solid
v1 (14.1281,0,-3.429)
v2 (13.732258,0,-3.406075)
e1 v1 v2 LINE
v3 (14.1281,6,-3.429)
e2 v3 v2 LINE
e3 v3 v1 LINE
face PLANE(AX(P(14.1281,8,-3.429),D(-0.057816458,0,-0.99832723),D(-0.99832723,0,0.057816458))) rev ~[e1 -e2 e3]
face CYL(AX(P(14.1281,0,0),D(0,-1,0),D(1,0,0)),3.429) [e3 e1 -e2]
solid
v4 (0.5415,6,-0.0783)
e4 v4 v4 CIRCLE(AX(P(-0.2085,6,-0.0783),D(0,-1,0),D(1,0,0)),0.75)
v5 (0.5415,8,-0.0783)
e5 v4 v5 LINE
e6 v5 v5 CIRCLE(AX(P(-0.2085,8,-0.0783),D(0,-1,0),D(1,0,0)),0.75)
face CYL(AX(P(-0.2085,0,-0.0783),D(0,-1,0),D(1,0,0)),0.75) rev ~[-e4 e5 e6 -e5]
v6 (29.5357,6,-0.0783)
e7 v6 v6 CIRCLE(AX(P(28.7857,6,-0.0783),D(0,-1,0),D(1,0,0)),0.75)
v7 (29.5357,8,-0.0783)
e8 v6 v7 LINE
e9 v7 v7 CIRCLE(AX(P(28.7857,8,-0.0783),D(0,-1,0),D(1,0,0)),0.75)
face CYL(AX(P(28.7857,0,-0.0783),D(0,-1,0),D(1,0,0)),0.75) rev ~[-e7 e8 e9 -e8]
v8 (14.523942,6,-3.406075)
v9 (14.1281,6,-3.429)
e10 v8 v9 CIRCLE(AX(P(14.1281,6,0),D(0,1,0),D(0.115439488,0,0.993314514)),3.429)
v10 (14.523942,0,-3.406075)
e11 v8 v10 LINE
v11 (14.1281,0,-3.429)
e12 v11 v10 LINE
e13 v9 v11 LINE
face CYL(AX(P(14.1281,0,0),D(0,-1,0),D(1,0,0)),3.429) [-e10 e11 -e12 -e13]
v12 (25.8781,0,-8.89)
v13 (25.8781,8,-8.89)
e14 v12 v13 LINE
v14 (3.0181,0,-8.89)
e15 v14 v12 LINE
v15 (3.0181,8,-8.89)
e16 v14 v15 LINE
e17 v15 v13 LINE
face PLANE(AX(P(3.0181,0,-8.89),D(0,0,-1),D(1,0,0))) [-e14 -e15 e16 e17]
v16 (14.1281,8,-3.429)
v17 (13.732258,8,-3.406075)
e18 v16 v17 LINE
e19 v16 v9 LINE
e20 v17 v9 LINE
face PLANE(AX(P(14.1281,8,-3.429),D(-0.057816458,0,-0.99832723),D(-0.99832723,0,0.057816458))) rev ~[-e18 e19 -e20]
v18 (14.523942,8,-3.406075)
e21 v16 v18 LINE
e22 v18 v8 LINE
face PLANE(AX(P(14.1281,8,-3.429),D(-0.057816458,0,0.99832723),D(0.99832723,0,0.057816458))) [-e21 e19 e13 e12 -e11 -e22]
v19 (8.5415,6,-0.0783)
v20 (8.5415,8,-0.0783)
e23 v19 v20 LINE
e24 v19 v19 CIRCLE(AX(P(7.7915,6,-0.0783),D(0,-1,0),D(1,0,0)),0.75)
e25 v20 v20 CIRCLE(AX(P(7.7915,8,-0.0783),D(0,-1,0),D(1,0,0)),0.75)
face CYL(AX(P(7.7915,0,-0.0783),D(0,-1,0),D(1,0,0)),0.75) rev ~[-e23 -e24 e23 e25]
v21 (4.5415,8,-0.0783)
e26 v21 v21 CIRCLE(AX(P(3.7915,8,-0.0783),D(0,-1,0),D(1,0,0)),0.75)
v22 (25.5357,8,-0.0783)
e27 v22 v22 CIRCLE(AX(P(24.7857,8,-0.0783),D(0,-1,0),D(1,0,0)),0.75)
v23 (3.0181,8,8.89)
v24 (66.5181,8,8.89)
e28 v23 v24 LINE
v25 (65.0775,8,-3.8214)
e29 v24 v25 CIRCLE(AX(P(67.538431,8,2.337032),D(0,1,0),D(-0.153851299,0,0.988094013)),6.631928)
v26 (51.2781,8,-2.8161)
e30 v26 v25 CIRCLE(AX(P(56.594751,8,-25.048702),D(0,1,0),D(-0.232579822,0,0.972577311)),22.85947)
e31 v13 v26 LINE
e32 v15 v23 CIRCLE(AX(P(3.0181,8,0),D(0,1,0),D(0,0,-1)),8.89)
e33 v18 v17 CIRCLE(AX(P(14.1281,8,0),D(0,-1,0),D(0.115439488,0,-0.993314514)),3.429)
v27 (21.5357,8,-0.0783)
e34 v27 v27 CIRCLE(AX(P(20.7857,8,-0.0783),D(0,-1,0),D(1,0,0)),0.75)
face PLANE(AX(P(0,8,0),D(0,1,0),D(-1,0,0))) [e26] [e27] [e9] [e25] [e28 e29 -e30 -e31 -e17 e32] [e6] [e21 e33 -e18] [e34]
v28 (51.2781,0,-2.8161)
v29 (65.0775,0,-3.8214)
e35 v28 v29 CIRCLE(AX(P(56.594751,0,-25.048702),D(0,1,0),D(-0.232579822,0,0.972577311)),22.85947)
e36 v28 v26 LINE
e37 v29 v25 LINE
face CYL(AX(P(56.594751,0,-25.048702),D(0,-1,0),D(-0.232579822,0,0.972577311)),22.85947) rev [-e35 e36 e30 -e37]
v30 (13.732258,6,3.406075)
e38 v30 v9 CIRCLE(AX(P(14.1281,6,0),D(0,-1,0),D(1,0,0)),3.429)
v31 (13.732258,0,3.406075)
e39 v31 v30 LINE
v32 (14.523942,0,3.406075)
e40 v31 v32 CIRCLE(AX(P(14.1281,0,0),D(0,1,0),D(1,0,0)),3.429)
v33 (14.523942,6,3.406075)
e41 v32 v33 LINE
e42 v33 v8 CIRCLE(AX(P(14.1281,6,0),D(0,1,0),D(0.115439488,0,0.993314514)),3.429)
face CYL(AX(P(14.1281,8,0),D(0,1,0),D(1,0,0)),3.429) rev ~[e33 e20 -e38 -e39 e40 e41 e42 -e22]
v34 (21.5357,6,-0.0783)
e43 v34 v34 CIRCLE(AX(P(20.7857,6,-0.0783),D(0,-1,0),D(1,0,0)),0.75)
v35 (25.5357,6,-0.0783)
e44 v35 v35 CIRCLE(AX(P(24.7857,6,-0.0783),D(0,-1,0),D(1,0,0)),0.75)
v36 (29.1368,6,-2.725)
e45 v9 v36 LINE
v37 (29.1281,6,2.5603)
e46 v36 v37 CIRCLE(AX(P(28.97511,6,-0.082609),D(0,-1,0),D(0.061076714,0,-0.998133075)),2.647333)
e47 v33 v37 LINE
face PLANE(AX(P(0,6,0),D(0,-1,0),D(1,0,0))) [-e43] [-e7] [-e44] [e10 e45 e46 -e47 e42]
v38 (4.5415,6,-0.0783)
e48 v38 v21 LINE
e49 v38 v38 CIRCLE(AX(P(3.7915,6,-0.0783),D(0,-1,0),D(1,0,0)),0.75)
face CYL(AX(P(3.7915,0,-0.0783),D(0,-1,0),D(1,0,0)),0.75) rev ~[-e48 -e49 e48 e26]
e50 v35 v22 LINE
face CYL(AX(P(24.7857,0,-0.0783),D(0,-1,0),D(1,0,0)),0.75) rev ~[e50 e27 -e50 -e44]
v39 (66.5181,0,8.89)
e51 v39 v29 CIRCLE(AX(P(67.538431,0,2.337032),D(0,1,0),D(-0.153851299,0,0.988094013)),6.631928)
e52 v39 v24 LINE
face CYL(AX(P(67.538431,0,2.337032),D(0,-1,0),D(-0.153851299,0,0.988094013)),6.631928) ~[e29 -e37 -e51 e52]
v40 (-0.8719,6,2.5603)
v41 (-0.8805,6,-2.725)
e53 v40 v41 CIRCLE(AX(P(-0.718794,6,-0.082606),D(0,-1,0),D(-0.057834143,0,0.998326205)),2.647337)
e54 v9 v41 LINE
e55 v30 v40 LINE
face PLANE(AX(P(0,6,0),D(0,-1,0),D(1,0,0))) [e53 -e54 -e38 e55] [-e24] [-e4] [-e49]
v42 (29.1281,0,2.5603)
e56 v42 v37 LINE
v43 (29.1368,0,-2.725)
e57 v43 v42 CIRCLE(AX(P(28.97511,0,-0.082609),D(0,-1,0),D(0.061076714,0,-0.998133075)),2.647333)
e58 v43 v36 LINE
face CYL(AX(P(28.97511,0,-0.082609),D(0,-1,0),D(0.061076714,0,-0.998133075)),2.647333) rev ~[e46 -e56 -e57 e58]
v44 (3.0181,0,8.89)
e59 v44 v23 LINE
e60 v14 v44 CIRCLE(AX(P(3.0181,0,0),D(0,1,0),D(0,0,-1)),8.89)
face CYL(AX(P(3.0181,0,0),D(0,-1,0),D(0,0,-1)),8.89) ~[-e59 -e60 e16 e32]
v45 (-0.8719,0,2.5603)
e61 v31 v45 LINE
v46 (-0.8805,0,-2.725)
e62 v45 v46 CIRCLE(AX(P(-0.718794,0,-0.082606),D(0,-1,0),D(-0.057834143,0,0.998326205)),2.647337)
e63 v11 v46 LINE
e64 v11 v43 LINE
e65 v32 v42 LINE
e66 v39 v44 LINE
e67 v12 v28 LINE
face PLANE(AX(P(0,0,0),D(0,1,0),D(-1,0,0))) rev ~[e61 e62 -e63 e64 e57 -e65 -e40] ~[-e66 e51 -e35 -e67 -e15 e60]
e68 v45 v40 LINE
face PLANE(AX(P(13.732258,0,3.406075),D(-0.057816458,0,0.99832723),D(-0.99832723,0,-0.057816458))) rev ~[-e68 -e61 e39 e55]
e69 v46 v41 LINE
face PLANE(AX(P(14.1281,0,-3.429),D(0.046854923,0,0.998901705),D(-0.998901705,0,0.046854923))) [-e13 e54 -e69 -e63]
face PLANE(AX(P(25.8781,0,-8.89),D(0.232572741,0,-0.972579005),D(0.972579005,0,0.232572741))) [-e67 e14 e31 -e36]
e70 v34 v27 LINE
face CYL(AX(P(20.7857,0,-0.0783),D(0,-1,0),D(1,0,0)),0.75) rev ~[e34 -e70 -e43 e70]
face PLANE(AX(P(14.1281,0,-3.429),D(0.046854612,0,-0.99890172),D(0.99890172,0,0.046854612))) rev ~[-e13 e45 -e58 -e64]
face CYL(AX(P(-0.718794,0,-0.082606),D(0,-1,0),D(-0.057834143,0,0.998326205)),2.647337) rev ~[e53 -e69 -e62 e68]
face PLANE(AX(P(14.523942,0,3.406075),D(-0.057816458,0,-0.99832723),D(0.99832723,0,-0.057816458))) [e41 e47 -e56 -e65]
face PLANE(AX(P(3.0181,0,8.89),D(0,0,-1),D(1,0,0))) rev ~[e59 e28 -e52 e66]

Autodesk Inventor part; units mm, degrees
ref_plane "YZ Plane" through (0, 0, 0) normal (1, 0, 0) x (0, 1, 0)
ref_plane "XZ Plane" through (0, 0, 0) normal (0, 1, 0) x (-1, 0, 0)
ref_plane "XY Plane" through (0, 0, 0) normal (0, 0, 1) x (1, 0, 0)
sketch "Sketch1" plane through (0, 0, 0) normal (0, 1, 0) x (-1, 0, 0)
  line L0 (-3.0181, -8.89) -> (-25.8781, -8.89)
  line L1 (-3.0181, 8.89) -> (-27.578, 8.89)
  line L2 (-25.8781, -8.89) -> (-51.2781, -2.8161)
  line L3 (-27.578, 8.89) -> (-53.0779, 8.89)
  arc A0 (-51.2781, -2.8161) -> (-65.0775, -3.8214) centre (-56.5948, -25.0493) ccw
  line L4 (-53.0779, 8.89) -> (-66.5181, 8.89)
  arc A1 (-66.5181, 8.89) -> (-65.0775, -3.8214) centre (-67.5384, 2.337) ccw
  arc A2 (-3.0181, -8.89) -> (-3.0181, 8.89) centre (-3.0181, 0) ccw
  point P0 (0, 0)
  point P1 (-74.1281, 1.5902)
  point P2 (5.8719, 0)
  dimension "d31" = 80
  dimension "d32" = 8.89
  dimension "d33" = 6.6319
  dimension "d35" = 25.4
  dimension "d36" = 63.5
  dimension "d37" = 22.86
  dimension "d38" = 22.86
extrude "Extrusion1" add sketch "Sketch1" along normal blind 8
sketch "Sketch3" plane through (0, 8, 0) normal (0, 1, 0) x (1, 0, 0)
  circle A0 centre (14.1281, 0) radius 3.429
  arc A1 (3.0181, 8.89) -> (3.0181, -8.89) centre (3.0181, 0) ccw projected
  line L0 (14.1281, 3.429) -> (-0.8719, 2.5603)
  line L1 (14.1281, -3.429) -> (-0.8805, -2.725)
  arc A2 (-0.8719, 2.5603) -> (-0.8805, -2.725) centre (-0.7188, -0.0826) ccw
  line L2 (14.1281, 5.8203) -> (14.1281, -4.2261)
  line L3 (14.1281, 3.429) -> (29.1281, 2.5603)
  line L4 (14.1281, -3.429) -> (29.1368, -2.725)
  arc A3 (29.1368, -2.725) -> (29.1281, 2.5603) centre (28.9751, -0.0826) ccw
  point P0 (-5.8719, 0)
  point P1 (-5.8719, 0)
  point P2 (14.1281, 0.7971)
  point P3 (25.2381, 0)
  point P4 (14.4491, -3.4139)
  point P5 (14.524, 3.4061)
  point P6 (13.7323, 3.4061)
  point P7 (13.8072, -3.4139)
  dimension "d40" = 20
  dimension "d41" = 15
  dimension "d42" = 15.0086
  dimension "d43" = 6
  dimension "d56" = 6.858
extrude "Extrusion2" cut sketch "Sketch3" against normal through all contours L2 L3 A0 | A0 L0 L2
sketch "Sketch5" plane through (0, 0, 0) normal (0, -1, 0) x (1, 0, 0)
  circle A0 centre (14.1281, 0) radius 3.429
  line L0 (14.1281, 3.429) -> (-0.8719, 2.5603)
  line L1 (14.1281, -3.429) -> (-0.8805, -2.725)
  arc A1 (-0.8719, 2.5603) -> (-0.8805, -2.725) centre (-0.7188, -0.0826) ccw
  line L2 (14.1281, 5.8203) -> (14.1281, -4.2261)
  arc A2 (29.1368, -2.725) -> (29.1281, 2.5603) centre (28.9751, -0.0826) ccw
  line L3 (14.1281, 3.429) -> (29.1281, 2.5603)
  line L4 (14.1281, -3.429) -> (29.1368, -2.725)
  arc A3 (3.0181, 8.89) -> (3.0181, -8.89) centre (3.0181, 0) ccw projected
  point P0 (0, 0)
  point P1 (3.2251, 0.6634)
  point P2 (14.1281, 0.7971)
  point P3 (25.0312, 0.6634)
  point P4 (13.8072, -3.4139)
  point P5 (13.7323, 3.4061)
  point P6 (14.524, 3.4061)
  point P7 (14.4491, -3.4139)
  point P8 (-5.8719, 0)
  dimension "d58" = 15.0086
  dimension "d59" = 6
  dimension "d60" = 6.858
  dimension "d77" = 20
extrude "Extrusion5" cut sketch "Sketch5" against normal blind 6 contours L1 A1 L0 A0 | A0 L3 A2 L4
sketch "Sketch6" plane through (0, 0, 0) normal (0, -1, 0) x (1, 0, 0)
  circle A0 centre (14.2886, 0) radius 3.429
  line L0 (14.2886, 3.429) -> (-0.7114, 2.5603)
  line L1 (14.2886, -3.429) -> (-0.72, -2.725)
  arc A1 (-0.7114, 2.5603) -> (-0.72, -2.725) centre (-0.5583, -0.0826) ccw
  line L2 (14.2886, 4.0046) -> (14.2886, -6.0418)
  arc A2 (29.2973, -2.725) -> (29.2886, 2.5603) centre (29.1356, -0.0826) ccw
  line L3 (14.2886, 3.429) -> (29.2886, 2.5603)
  line L4 (14.2886, -3.429) -> (29.2973, -2.725)
  circle A3 centre (7.7915, -0.0783) radius 0.75
  circle A4 centre (3.7915, -0.0783) radius 0.75
  circle A5 centre (-0.2085, -0.0783) radius 0.75
  circle A6 centre (20.7857, -0.0783) radius 0.75
  circle A7 centre (24.7857, -0.0783) radius 0.75
  circle A8 centre (28.7857, -0.0783) radius 0.75
  line L5 (14.1281, 3.429) -> (14.4491, 3.4139) projected
  point P0 (0, 0)
  point P1 (-3.6617, 0)
  point P2 (-5.7114, 0)
  point P3 (14.2886, -1.0186)
  point P4 (36.3588, -1.6825)
  point P5 (1.283, -0.0783)
  point P6 (-3.2057, -0.0783)
  point P7 (14.2886, 3.4215)
  dimension "d63" = 20
  dimension "d64" = 15
  dimension "d65" = 15.0086
  dimension "d66" = 6
  dimension "d67" = 6.858
  dimension "d68" = 6
  dimension "d69" = 1.5
  dimension "d70" = 1.5
  dimension "d71" = 1.5
  dimension "d72" = 4
  dimension "d73" = 4
  dimension "d74" = 2.9972
extrude "Extrusion6" cut sketch "Sketch6" against normal blind 25.4 contours A3 | A4 | A5 | A6 | A7 | A8
properties part number "patanueva2"
